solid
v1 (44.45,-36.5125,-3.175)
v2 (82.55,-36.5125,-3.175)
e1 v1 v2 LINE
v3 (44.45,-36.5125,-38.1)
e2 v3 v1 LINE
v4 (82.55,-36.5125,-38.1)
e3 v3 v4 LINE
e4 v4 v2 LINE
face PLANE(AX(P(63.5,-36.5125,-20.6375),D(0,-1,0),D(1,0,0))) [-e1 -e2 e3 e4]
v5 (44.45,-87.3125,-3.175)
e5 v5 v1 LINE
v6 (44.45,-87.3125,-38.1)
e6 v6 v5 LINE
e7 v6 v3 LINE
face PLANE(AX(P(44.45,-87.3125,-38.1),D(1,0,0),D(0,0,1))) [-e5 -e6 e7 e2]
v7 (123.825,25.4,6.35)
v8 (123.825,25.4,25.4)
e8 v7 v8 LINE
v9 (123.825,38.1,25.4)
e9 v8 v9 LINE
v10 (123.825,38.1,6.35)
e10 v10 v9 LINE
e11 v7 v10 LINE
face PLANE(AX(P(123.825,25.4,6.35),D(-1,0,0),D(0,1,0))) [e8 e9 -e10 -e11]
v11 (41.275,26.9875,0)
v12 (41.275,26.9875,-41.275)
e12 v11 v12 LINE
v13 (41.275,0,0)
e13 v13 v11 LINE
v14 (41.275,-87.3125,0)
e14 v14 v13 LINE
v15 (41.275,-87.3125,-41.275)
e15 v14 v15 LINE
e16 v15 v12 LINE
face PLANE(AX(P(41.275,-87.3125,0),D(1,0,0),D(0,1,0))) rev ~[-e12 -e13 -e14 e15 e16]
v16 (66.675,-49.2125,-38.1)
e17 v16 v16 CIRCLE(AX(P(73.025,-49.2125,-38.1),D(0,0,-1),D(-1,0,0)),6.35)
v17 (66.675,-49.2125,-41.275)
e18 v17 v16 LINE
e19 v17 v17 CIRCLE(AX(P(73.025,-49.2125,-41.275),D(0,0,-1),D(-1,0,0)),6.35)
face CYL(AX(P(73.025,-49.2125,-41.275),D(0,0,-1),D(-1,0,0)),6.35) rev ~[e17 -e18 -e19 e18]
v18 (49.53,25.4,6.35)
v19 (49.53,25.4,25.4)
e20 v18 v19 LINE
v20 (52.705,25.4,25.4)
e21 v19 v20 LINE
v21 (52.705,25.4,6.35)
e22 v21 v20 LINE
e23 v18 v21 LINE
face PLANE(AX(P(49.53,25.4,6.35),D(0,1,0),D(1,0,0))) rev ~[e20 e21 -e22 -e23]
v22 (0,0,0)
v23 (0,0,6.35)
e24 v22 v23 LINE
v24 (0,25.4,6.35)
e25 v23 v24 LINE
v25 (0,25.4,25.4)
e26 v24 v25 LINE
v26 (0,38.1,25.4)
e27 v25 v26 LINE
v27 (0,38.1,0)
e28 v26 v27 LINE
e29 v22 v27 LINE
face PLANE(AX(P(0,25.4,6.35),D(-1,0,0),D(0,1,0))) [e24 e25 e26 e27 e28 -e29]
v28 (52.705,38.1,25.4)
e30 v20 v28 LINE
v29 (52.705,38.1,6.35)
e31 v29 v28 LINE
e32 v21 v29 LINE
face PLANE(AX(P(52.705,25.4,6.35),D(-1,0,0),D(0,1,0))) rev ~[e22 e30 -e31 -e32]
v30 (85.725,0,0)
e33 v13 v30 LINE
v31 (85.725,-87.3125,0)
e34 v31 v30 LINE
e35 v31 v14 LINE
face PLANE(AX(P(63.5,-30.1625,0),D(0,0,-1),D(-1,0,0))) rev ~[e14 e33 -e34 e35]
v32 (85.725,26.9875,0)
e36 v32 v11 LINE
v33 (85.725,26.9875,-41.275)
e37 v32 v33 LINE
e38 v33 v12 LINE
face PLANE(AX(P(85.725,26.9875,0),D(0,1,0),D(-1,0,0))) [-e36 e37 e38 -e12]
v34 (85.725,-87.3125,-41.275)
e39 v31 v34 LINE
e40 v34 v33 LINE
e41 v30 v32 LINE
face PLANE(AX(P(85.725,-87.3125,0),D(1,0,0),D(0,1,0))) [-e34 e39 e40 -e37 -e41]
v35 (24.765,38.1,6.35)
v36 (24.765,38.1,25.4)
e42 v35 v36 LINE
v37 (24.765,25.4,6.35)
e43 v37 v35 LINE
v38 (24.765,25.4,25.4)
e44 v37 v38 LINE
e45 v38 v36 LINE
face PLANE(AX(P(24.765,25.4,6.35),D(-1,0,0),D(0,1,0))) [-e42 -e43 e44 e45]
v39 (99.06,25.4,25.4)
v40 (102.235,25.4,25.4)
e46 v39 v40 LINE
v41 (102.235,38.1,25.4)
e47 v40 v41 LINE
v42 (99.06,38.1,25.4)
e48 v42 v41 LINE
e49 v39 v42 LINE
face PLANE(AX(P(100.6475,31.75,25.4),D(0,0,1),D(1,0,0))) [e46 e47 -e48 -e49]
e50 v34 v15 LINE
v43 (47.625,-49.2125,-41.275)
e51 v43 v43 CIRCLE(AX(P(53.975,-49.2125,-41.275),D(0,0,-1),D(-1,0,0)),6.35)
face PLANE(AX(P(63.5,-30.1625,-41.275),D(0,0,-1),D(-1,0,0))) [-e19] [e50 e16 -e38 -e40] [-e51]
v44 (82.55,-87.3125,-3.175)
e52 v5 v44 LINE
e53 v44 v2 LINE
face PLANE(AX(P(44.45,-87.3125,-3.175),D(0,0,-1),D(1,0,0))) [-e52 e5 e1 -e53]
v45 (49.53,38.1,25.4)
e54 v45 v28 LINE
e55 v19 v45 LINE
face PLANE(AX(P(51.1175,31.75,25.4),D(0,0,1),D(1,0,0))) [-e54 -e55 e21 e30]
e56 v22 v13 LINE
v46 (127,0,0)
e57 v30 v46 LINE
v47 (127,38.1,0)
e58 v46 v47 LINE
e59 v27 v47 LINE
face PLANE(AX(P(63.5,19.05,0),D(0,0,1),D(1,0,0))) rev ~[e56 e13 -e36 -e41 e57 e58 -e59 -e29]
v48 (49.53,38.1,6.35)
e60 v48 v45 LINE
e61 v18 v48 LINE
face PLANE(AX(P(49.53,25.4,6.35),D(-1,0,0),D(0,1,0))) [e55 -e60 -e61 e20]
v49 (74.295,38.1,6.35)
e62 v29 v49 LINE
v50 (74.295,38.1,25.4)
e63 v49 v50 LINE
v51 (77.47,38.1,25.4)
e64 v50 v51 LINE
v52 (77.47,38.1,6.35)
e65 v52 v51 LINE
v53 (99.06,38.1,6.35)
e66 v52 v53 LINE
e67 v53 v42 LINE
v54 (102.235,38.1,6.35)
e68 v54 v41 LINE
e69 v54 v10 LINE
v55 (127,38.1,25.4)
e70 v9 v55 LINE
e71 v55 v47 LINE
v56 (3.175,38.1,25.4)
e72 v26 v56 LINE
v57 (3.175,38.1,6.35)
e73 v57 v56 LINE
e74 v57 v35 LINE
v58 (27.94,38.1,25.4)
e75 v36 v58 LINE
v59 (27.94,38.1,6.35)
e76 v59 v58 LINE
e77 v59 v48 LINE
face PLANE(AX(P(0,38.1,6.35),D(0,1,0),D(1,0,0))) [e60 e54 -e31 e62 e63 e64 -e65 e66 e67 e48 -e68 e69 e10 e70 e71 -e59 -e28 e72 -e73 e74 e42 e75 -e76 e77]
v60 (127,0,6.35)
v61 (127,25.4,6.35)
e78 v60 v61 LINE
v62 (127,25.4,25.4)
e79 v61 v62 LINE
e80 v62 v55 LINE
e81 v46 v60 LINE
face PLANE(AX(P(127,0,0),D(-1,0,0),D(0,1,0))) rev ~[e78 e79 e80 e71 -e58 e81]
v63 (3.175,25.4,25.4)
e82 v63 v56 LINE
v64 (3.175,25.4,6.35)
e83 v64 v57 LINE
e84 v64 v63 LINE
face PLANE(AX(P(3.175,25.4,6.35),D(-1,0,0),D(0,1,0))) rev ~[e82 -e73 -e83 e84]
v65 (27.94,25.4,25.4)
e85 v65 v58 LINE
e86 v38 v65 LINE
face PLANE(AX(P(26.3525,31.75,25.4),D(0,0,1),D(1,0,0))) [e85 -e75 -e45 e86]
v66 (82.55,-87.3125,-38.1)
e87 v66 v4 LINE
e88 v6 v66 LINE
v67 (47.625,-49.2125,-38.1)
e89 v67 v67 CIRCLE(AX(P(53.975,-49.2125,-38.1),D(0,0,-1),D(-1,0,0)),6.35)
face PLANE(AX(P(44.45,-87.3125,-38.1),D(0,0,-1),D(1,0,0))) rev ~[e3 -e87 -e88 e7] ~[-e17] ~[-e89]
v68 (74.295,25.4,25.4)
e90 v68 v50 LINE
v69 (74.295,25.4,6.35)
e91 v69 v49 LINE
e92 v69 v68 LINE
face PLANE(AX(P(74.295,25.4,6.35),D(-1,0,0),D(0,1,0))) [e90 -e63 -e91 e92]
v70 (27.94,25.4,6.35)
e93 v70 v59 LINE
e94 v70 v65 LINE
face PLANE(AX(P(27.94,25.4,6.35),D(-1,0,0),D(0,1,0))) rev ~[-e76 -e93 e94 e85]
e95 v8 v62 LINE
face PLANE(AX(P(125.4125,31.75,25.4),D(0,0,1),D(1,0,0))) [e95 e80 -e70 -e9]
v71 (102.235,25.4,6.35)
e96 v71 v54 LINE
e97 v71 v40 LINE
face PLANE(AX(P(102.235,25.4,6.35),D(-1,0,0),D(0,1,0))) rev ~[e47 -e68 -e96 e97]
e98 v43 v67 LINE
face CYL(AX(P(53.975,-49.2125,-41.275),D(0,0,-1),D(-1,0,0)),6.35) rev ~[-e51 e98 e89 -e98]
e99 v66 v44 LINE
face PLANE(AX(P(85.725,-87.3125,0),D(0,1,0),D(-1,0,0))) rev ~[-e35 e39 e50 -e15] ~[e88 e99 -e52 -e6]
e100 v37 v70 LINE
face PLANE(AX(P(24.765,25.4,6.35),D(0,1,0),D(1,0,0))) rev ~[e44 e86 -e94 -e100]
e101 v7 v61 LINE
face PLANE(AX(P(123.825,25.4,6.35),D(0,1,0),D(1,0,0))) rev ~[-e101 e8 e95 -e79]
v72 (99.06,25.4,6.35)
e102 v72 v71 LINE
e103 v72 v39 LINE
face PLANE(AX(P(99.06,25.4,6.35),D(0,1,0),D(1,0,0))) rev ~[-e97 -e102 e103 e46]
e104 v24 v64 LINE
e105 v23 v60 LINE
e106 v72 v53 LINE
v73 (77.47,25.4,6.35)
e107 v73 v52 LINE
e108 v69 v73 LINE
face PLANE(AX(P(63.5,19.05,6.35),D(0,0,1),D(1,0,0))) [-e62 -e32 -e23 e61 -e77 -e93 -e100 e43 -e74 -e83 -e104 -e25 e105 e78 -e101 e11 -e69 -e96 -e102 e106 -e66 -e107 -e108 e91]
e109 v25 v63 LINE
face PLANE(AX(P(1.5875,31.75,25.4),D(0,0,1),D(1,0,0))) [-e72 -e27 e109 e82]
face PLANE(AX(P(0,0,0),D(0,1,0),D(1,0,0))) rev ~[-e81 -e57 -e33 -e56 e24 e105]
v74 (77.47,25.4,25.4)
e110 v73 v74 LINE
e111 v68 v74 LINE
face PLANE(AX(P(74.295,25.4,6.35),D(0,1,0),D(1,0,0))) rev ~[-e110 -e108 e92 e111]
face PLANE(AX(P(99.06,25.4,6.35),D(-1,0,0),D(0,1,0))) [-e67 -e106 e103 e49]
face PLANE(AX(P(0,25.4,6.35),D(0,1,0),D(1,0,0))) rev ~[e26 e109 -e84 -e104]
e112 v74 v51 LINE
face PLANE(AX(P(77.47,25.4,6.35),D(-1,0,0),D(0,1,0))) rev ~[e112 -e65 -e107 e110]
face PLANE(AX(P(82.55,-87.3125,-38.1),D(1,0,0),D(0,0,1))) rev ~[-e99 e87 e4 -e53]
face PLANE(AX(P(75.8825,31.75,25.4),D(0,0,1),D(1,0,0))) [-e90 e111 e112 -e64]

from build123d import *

# Parameters (mm, degrees)
SKETCH1_W           = 127
SKETCH1_H           = 38.1
BOSS_EXTRUDE1_DEPTH = 6.35
SKETCH2_W           = 3.175
SKETCH2_H           = 12.7
BOSS_EXTRUDE2_DEPTH = 19.05
SKETCH3_W           = 44.45
SKETCH3_H           = 114.3
BOSS_EXTRUDE3_DEPTH = 41.275
SKETCH4_W           = 38.1
SKETCH4_H           = 34.925
CUT_EXTRUDE1_DEPTH  = 50.8
SKETCH5_R           = 6.35
CUT_EXTRUDE2_DEPTH  = 23.8125


with BuildPart() as part:
    # Sketch1 → Boss-Extrude1 (new body)
    with BuildSketch(Plane.XY):
        with Locations((63.5, 19.05)):
            Rectangle(SKETCH1_W, SKETCH1_H)
    extrude(amount=BOSS_EXTRUDE1_DEPTH)

    # Sketch2 → Boss-Extrude2 (add)
    with BuildSketch(Plane.XY.offset(6.35)):
        with Locations((26.3525, 31.75)):
            Rectangle(SKETCH2_W, SKETCH2_H)
        with Locations((1.5875, 31.75)):
            Rectangle(SKETCH2_W, SKETCH2_H)
        with Locations((51.1175, 31.75)):
            Rectangle(SKETCH2_W, SKETCH2_H)
        with Locations((75.8825, 31.75)):
            Rectangle(SKETCH2_W, SKETCH2_H)
        with Locations((100.6475, 31.75)):
            Rectangle(SKETCH2_W, SKETCH2_H)
        with Locations((125.4125, 31.75)):
            Rectangle(SKETCH2_W, SKETCH2_H)
    extrude(amount=BOSS_EXTRUDE2_DEPTH)

    # Sketch3 → Boss-Extrude3 (add)
    with BuildSketch(Plane(origin=(0, 0, 0), x_dir=(-1, 0, 0), z_dir=(0, 0, -1))):
        with Locations((-63.5, -30.1625)):
            Rectangle(SKETCH3_W, SKETCH3_H)
    extrude(amount=BOSS_EXTRUDE3_DEPTH)

    # Sketch4 → Cut-Extrude1 (cut)
    with BuildSketch(Plane.XZ.offset(87.3125)):
        with Locations((63.5, -20.6375)):
            Rectangle(SKETCH4_W, SKETCH4_H)
    extrude(amount=-CUT_EXTRUDE1_DEPTH, mode=Mode.SUBTRACT)

    # Sketch5 → Cut-Extrude2 (cut)
    with BuildSketch(Plane(origin=(0, 0, -41.275), x_dir=(-1, 0, 0), z_dir=(0, 0, -1))):
        with Locations((-73.025, -49.2125)):
            Circle(SKETCH5_R)
        with Locations((-53.975, -49.2125)):
            Circle(SKETCH5_R)
    extrude(amount=-CUT_EXTRUDE2_DEPTH, mode=Mode.SUBTRACT)


solid = part.part
